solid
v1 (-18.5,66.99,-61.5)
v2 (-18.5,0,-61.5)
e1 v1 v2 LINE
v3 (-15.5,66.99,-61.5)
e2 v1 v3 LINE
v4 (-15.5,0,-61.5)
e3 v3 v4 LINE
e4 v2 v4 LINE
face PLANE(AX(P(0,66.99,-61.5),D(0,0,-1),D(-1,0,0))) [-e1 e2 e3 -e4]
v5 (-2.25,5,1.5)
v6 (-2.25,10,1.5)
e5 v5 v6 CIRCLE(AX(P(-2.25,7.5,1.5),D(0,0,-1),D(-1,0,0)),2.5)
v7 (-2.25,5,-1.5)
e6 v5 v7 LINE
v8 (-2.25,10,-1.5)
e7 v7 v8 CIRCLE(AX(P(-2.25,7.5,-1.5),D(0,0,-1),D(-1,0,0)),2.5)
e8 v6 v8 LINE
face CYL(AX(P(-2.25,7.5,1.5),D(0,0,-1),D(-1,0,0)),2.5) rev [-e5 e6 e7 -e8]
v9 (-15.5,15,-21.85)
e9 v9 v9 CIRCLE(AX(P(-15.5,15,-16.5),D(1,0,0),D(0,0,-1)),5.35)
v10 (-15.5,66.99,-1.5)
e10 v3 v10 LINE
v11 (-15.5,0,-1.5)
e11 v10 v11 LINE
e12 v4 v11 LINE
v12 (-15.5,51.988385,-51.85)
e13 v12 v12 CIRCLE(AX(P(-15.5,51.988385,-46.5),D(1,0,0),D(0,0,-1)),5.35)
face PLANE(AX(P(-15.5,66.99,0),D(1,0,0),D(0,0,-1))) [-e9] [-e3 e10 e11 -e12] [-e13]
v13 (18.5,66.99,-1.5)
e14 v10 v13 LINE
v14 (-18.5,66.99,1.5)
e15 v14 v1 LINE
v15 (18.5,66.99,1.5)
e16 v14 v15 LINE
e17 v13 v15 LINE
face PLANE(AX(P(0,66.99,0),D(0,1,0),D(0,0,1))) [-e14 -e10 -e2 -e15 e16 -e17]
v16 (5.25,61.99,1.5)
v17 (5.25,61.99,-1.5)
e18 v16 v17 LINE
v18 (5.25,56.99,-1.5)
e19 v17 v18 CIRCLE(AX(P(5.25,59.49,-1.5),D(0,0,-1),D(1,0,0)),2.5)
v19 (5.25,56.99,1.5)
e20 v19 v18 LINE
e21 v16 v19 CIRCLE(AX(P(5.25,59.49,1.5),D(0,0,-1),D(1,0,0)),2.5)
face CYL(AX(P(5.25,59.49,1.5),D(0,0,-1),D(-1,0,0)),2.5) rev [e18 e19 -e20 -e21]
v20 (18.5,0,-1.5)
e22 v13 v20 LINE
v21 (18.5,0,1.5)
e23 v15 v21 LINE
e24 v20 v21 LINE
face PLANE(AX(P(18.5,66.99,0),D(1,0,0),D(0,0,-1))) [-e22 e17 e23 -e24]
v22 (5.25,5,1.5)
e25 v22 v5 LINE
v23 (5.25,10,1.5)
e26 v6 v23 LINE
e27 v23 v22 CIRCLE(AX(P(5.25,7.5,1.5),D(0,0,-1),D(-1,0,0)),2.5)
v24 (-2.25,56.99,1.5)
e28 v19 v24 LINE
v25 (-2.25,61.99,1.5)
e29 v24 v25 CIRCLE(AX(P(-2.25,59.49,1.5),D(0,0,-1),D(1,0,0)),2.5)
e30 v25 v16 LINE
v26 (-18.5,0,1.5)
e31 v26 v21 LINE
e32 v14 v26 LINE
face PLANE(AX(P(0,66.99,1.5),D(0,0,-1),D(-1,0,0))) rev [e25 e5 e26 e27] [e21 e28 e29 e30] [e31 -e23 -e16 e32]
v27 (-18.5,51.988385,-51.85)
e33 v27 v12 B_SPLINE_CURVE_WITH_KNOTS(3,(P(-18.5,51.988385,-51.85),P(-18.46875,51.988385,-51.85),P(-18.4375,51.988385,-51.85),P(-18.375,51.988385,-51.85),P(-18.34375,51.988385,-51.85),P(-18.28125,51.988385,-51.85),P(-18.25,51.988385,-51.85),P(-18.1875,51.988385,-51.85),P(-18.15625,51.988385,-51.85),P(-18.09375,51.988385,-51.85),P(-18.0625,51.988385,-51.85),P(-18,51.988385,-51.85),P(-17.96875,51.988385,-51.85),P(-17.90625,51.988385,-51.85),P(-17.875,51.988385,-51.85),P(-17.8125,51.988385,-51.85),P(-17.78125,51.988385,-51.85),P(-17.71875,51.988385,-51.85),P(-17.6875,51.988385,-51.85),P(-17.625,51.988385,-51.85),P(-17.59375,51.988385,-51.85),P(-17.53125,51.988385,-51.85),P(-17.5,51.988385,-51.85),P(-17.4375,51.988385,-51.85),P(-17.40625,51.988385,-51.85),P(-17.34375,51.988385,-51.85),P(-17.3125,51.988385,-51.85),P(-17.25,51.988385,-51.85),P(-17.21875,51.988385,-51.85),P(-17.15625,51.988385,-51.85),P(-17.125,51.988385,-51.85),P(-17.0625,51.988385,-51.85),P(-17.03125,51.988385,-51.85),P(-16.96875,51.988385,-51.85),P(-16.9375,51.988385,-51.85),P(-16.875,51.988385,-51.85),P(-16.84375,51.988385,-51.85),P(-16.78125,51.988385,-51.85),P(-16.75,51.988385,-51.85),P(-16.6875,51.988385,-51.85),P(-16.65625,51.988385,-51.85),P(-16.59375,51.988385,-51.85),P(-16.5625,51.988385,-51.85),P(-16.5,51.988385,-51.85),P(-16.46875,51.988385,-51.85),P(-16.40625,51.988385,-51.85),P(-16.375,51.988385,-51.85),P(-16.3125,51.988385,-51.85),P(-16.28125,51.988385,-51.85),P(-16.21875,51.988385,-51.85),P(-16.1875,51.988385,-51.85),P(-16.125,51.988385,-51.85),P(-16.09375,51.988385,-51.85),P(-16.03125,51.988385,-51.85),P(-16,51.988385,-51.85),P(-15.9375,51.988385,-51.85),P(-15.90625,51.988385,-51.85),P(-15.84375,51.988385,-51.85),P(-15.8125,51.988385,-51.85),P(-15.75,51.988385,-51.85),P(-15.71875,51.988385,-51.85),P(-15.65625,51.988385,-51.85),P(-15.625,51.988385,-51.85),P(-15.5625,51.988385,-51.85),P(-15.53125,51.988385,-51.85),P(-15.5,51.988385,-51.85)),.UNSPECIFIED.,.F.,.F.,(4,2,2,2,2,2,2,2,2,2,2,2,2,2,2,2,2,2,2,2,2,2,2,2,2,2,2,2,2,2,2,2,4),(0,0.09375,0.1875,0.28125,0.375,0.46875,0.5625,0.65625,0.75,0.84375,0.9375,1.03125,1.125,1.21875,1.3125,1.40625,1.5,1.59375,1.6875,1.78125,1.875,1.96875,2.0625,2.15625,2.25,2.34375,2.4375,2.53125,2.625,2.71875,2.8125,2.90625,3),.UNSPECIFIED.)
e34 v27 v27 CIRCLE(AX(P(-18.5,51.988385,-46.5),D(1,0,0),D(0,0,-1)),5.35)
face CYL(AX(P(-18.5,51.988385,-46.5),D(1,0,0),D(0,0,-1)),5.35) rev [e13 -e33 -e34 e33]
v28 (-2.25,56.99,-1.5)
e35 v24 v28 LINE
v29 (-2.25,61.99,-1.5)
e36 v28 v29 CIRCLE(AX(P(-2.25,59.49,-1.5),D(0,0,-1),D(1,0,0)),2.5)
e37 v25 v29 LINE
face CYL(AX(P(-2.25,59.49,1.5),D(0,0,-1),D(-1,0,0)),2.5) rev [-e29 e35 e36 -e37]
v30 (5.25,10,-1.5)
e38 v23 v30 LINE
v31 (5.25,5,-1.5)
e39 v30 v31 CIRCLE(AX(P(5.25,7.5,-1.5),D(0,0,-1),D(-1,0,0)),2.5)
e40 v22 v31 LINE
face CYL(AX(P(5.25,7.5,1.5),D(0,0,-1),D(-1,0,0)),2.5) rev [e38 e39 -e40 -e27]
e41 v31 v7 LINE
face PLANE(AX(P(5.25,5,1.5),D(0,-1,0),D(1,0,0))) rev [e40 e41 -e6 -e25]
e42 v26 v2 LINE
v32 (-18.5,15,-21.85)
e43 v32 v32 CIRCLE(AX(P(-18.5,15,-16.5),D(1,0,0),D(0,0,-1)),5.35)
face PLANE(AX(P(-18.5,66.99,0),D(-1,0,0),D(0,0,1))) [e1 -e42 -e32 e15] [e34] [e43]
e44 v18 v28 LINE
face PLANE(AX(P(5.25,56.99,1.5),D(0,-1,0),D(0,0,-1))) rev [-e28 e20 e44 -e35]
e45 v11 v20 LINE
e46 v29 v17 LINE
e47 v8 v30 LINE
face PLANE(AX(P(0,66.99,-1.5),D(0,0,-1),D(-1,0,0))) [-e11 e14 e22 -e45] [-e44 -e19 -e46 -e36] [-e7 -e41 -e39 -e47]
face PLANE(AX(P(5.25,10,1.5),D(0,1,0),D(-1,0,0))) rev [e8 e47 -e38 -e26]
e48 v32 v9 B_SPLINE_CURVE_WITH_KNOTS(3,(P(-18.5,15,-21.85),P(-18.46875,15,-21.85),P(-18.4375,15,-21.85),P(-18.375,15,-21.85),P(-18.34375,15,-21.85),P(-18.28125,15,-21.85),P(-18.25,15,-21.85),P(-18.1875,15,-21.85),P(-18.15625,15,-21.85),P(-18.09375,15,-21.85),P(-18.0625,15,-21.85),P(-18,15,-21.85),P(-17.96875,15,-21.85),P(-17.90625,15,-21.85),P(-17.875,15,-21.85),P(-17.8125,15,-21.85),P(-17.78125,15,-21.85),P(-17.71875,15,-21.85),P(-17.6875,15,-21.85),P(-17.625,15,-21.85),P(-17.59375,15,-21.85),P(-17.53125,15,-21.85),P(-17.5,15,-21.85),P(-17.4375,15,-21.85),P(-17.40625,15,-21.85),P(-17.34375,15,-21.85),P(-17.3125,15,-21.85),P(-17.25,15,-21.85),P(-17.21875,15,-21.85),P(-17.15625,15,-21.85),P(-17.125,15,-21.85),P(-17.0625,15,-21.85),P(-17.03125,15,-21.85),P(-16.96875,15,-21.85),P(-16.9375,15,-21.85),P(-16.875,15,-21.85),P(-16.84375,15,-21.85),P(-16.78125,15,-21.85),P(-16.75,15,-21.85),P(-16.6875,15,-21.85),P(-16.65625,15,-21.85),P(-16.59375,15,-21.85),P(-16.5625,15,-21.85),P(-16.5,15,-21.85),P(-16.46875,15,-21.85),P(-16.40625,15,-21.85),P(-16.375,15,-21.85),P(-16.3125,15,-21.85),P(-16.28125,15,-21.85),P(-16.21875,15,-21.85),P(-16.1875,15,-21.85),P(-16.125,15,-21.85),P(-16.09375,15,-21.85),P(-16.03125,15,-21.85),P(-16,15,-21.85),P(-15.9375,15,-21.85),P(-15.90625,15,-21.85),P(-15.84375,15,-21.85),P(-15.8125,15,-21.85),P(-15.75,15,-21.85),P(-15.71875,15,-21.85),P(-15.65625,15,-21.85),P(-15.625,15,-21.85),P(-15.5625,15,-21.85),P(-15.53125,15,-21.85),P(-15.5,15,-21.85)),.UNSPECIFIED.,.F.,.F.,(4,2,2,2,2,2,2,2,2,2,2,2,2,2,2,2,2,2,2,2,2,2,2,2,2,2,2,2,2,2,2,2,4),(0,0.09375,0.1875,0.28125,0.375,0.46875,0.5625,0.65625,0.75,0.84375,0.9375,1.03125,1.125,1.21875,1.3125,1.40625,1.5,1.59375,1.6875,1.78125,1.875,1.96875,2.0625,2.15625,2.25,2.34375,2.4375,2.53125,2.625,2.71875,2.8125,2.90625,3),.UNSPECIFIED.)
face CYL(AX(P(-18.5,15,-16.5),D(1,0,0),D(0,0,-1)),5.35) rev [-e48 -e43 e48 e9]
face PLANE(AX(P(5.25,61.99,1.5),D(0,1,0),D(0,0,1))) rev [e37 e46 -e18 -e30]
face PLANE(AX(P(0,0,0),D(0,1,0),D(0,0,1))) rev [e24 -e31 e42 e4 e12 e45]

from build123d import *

# Parameters (mm, degrees)
BOSS_EXTRUDE1_DEPTH = 66.99
SKETCH2_R           = 5.35
CUT_EXTRUDE1_DEPTH  = 98.087126335
CUT_EXTRUDE2_DEPTH  = 92.814541877


with BuildPart() as part:
    # Sketch1 → Boss-Extrude1 (new body)
    with BuildSketch(Plane(origin=(0, 0, 0), x_dir=(1, 0, 0), z_dir=(0, 1, 0))):
        Polygon((-18.5, 1.5), (-18.5, 61.5), (-15.5, 61.5), (-15.5, 1.5), (18.5, 1.5), (18.5, -1.5), (-18.5, -1.5), align=None)
    extrude(amount=BOSS_EXTRUDE1_DEPTH)

    # Sketch2 → Cut-Extrude1 (cut, through all)
    with BuildSketch(Plane(origin=(-15.5, 0, 0), x_dir=(0, 0, -1), z_dir=(1, 0, 0))):
        with Locations((16.5, 15)):
            Circle(SKETCH2_R)
        with Locations((46.5, 51.988385001)):
            Circle(SKETCH2_R)
    extrude(amount=-CUT_EXTRUDE1_DEPTH, mode=Mode.SUBTRACT)

    # Sketch3 → Cut-Extrude2 (cut, through all)
    with BuildSketch(Plane(origin=(0, 0, -1.5), x_dir=(-1, 0, 0), z_dir=(0, 0, -1))):
        with BuildLine():
            Line((-5.25, 10), (2.25, 10))
            ThreePointArc((2.25, 10), (4.75, 7.5), (2.25, 5))
            Line((2.25, 5), (-5.25, 5))
            ThreePointArc((-5.25, 5), (-7.75, 7.5), (-5.25, 10))
        make_face()
        with BuildLine():
            Line((-5.25, 56.99), (2.25, 56.99))
            ThreePointArc((2.25, 56.99), (4.75, 59.49), (2.25, 61.99))
            Line((2.25, 61.99), (-5.25, 61.99))
            ThreePointArc((-5.25, 61.99), (-7.75, 59.49), (-5.25, 56.99))
        make_face()
    extrude(amount=-CUT_EXTRUDE2_DEPTH, mode=Mode.SUBTRACT)


solid = part.part
